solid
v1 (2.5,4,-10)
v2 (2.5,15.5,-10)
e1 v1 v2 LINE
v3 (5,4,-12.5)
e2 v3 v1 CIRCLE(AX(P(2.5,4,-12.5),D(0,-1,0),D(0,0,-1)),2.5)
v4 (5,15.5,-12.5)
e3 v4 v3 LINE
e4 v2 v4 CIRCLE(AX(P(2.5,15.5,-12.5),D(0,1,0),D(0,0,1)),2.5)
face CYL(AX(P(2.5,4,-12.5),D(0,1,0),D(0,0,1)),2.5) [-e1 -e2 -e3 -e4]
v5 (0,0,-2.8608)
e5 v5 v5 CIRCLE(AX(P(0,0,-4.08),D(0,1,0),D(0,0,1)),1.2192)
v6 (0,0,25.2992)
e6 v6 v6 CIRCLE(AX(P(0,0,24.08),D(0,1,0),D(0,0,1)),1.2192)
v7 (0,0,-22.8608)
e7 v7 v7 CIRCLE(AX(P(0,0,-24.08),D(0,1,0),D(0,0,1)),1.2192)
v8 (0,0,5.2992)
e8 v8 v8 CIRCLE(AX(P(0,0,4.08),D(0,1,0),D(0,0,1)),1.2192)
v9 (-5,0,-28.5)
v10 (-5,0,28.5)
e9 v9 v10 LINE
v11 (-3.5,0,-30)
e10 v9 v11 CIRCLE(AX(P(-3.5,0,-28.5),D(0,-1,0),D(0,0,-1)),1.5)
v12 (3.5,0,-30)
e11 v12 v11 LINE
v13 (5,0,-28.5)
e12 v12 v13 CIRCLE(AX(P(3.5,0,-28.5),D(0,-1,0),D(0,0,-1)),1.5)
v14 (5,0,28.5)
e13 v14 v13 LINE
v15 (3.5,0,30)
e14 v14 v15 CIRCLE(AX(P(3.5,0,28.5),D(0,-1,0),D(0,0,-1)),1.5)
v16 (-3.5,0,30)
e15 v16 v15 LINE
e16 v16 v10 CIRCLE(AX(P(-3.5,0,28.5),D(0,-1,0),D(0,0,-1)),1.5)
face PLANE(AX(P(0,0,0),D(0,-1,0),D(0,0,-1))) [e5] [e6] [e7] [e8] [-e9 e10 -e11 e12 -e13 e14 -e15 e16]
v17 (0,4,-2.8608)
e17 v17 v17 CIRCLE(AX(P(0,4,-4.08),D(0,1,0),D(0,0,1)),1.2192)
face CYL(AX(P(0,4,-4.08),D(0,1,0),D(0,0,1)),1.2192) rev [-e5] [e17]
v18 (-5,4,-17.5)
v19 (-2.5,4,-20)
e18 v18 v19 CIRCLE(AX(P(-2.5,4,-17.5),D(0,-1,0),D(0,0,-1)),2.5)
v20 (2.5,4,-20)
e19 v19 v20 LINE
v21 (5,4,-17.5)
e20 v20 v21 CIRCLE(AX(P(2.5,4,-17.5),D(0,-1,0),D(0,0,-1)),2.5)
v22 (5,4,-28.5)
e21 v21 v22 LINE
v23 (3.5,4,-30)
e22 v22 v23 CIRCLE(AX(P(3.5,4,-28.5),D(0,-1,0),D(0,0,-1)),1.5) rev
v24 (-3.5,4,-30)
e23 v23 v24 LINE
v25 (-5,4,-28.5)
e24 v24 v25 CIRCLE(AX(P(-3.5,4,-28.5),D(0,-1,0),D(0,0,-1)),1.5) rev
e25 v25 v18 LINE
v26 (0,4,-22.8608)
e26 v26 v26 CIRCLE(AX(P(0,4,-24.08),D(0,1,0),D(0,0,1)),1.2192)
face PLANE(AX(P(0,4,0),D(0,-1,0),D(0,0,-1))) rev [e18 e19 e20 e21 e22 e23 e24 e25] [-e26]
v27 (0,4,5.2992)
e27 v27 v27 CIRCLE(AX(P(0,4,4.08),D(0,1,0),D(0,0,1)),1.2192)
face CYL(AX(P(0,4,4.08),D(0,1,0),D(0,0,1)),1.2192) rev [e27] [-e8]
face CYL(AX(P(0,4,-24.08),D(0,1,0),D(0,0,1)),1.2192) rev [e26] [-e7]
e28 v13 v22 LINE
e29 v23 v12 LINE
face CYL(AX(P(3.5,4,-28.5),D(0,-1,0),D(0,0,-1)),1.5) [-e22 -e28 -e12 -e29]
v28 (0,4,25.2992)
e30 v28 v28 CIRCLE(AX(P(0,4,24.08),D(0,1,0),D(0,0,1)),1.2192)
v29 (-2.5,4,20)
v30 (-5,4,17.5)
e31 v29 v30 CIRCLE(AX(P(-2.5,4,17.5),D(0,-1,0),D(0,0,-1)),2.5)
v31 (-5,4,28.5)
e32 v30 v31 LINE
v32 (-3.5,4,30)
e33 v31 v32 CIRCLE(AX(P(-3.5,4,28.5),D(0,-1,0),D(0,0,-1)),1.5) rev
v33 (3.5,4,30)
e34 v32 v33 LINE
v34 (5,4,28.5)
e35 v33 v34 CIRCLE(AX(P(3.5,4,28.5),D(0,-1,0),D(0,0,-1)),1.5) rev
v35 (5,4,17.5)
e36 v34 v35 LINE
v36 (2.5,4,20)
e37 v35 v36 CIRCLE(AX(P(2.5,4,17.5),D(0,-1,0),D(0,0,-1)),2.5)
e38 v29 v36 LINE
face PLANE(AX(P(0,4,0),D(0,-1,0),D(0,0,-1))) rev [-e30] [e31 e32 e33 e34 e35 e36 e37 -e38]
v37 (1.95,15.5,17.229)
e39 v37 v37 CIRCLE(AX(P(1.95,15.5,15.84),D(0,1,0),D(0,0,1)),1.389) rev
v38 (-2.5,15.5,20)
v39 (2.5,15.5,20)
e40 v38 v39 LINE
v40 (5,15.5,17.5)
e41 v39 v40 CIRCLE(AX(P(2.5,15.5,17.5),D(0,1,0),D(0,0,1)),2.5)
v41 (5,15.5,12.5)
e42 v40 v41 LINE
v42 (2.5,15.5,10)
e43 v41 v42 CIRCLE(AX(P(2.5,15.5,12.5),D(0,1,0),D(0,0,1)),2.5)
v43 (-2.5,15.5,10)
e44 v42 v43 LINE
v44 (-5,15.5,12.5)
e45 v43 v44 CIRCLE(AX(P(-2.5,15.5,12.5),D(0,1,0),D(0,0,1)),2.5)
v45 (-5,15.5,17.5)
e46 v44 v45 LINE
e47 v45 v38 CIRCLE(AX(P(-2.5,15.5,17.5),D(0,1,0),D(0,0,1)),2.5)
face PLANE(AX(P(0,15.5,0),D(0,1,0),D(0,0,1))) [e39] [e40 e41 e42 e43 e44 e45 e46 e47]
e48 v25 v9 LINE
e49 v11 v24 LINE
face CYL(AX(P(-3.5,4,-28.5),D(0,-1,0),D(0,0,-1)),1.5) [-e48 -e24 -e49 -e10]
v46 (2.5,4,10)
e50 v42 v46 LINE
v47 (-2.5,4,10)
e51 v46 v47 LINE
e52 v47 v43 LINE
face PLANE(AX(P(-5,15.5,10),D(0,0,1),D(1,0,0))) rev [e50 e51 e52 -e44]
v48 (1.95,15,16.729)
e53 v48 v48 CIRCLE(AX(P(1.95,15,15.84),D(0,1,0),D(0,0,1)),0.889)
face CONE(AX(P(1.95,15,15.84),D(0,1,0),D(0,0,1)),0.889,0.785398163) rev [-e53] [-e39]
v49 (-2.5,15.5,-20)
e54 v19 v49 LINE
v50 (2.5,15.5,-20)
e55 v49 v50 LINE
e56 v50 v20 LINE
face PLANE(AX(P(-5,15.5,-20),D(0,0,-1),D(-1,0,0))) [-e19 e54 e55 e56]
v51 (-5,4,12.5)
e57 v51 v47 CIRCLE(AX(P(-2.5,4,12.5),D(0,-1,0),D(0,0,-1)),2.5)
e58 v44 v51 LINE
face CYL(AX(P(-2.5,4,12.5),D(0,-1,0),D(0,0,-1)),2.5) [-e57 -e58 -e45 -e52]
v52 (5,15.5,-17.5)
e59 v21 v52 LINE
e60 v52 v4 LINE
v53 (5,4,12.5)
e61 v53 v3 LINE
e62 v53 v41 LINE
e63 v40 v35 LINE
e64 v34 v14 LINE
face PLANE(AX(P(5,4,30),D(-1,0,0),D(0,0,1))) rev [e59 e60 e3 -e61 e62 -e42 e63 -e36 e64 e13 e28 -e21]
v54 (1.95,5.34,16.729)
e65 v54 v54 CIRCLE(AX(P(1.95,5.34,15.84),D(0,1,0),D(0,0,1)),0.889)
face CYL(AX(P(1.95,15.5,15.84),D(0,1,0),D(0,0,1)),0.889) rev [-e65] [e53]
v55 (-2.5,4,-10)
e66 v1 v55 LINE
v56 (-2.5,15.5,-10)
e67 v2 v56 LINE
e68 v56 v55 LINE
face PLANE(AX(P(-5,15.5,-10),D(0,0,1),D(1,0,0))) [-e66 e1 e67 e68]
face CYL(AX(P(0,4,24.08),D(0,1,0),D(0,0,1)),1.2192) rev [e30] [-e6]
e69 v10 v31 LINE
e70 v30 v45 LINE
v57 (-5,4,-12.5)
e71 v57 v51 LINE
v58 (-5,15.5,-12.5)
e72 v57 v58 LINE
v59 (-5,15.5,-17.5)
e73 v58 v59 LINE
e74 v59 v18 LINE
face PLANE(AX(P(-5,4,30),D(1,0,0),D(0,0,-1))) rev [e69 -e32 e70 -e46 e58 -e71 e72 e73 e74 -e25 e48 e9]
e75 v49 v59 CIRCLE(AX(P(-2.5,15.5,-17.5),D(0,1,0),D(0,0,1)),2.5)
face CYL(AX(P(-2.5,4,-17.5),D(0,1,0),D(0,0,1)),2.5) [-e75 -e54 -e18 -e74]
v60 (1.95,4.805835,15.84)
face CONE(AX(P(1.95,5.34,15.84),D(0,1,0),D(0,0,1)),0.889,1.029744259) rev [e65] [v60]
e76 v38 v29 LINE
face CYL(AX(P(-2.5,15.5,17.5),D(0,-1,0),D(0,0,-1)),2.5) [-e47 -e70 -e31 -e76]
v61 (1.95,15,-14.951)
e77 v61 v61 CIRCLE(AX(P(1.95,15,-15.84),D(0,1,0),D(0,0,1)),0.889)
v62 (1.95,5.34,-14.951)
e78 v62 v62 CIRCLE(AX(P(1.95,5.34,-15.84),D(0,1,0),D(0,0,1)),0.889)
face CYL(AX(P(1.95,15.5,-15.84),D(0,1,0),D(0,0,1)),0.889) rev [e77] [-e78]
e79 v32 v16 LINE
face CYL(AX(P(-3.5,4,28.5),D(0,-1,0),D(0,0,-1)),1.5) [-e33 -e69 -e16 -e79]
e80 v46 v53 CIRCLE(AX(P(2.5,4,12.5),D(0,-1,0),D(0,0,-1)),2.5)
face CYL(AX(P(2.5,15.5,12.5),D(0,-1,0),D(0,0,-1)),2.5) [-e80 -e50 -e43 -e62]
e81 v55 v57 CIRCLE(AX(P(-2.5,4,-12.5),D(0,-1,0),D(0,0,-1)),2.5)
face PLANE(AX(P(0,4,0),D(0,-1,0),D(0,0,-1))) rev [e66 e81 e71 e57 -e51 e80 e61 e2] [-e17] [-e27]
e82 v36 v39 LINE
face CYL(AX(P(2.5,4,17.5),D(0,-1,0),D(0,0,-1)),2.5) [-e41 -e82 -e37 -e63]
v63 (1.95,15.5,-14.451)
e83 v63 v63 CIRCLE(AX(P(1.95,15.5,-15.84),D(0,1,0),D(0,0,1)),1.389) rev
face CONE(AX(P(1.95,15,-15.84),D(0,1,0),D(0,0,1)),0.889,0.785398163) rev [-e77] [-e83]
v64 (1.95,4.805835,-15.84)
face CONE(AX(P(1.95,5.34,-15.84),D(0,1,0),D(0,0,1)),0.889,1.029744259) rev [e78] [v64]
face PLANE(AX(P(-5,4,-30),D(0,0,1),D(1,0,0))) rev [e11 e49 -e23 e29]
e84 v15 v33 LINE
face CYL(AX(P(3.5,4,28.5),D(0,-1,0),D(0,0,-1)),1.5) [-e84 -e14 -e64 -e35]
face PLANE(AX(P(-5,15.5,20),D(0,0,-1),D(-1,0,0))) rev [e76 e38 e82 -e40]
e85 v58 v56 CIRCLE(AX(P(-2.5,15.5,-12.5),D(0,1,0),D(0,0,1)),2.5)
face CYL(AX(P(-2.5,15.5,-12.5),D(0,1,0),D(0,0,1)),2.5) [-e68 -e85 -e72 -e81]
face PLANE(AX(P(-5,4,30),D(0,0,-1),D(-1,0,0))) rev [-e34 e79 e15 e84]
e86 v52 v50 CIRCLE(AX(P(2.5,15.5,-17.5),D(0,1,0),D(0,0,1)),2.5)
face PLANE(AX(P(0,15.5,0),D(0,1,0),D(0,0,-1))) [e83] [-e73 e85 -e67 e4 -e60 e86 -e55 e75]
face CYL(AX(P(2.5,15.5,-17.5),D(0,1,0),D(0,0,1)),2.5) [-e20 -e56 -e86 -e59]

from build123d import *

# Parameters (mm, degrees)
SKETCH1_W                = 10
SKETCH1_H                = 60
BOSS_EXTRUDE1_DEPTH      = 4
F_2_CLEARANCE_HOLE1_D    = 2.4384
FILLET1_R                = 1.5
SKETCH4_W                = 10
SKETCH4_H                = 10
BOSS_EXTRUDE2_DEPTH      = 11.5
FILLET2_R                = 2.5
CHAMFER1_SIZE            = 0.5
FILLET2_OF_MIRROR1_R     = 2.5
CHAMFER1_OF_MIRROR1_SIZE = 0.5


with BuildPart() as part:
    # Sketch1 → Boss-Extrude1 (new body)
    with BuildSketch(Plane(origin=(0, 0, 0), x_dir=(1, 0, 0), z_dir=(0, 1, 0))):
        Rectangle(SKETCH1_W, SKETCH1_H)
    extrude(amount=BOSS_EXTRUDE1_DEPTH)

    # #2 Clearance Hole1 (through all)
    with Locations(Plane(origin=(0, 4, 0), x_dir=(1, 0, 0), z_dir=(0, 1, 0))):
        with Locations((0, -4.08), (0, 24.08), (0, 4.08), (0, -24.08)):
            Hole(F_2_CLEARANCE_HOLE1_D / 2)

    # Fillet1
    fillet1_edges = [part.edges().sort_by_distance(p)[0] for p in [
        (5, 2, 30),
        (-5, 2, 30),
        (-5, 2, -30),
        (5, 2, -30),
    ]]
    fillet(fillet1_edges, radius=FILLET1_R)

    # Sketch4 → Boss-Extrude2 (add)
    with BuildSketch(Plane(origin=(0, 4, 0), x_dir=(1, 0, 0), z_dir=(0, 1, 0))):
        with Locations((0, -15)):
            Rectangle(SKETCH4_W, SKETCH4_H)
    boss_extrude2 = extrude(amount=BOSS_EXTRUDE2_DEPTH)

    # Fillet2
    fillet2_edges = [part.edges().sort_by_distance(p)[0] for p in [
        (-5, 9.75, 10),
        (-5, 9.75, 20),
        (5, 9.75, 20),
        (5, 9.75, 10),
    ]]
    fillet(fillet2_edges, radius=FILLET2_R)

    # Sketch6 → Tap Drill for #2-56 Tap1 (revolve, cut)
    with BuildSketch(Plane(origin=(1.95, 15.5, 15.84), x_dir=(0, 0, 1), z_dir=(1, 0, 0))):
        Polygon((0, 0), (0, 10.69416509), (0.889, 10.16), (0.889, 0), align=None)
    tap_drill_for_2_56_tap1 = revolve(axis=Axis((1.95, 21.85, 15.84), (0, -1, 0)), mode=Mode.SUBTRACT)

    # Chamfer1
    chamfer1_edges = [part.edges().sort_by_distance(p)[0] for p in [
        (1.95, 15.5, 14.951),
    ]]
    chamfer(chamfer1_edges, length=CHAMFER1_SIZE)

    # Mirror1: Boss-Extrude2, Tap Drill for #2-56 Tap1 across plane
    add(boss_extrude2.mirror(Plane.XY))
    add(tap_drill_for_2_56_tap1.mirror(Plane.XY), mode=Mode.SUBTRACT)

    # Fillet2 of Mirror1
    fillet2_of_mirror1_edges = [part.edges().sort_by_distance(p)[0] for p in [
        (-5, 9.75, -10),
        (-5, 9.75, -20),
        (5, 9.75, -20),
        (5, 9.75, -10),
    ]]
    fillet(fillet2_of_mirror1_edges, radius=FILLET2_OF_MIRROR1_R)

    # Chamfer1 of Mirror1
    chamfer1_of_mirror1_edges = [part.edges().sort_by_distance(p)[0] for p in [
        (1.95, 15.5, -14.951),
    ]]
    chamfer(chamfer1_of_mirror1_edges, length=CHAMFER1_OF_MIRROR1_SIZE)


solid = part.part
